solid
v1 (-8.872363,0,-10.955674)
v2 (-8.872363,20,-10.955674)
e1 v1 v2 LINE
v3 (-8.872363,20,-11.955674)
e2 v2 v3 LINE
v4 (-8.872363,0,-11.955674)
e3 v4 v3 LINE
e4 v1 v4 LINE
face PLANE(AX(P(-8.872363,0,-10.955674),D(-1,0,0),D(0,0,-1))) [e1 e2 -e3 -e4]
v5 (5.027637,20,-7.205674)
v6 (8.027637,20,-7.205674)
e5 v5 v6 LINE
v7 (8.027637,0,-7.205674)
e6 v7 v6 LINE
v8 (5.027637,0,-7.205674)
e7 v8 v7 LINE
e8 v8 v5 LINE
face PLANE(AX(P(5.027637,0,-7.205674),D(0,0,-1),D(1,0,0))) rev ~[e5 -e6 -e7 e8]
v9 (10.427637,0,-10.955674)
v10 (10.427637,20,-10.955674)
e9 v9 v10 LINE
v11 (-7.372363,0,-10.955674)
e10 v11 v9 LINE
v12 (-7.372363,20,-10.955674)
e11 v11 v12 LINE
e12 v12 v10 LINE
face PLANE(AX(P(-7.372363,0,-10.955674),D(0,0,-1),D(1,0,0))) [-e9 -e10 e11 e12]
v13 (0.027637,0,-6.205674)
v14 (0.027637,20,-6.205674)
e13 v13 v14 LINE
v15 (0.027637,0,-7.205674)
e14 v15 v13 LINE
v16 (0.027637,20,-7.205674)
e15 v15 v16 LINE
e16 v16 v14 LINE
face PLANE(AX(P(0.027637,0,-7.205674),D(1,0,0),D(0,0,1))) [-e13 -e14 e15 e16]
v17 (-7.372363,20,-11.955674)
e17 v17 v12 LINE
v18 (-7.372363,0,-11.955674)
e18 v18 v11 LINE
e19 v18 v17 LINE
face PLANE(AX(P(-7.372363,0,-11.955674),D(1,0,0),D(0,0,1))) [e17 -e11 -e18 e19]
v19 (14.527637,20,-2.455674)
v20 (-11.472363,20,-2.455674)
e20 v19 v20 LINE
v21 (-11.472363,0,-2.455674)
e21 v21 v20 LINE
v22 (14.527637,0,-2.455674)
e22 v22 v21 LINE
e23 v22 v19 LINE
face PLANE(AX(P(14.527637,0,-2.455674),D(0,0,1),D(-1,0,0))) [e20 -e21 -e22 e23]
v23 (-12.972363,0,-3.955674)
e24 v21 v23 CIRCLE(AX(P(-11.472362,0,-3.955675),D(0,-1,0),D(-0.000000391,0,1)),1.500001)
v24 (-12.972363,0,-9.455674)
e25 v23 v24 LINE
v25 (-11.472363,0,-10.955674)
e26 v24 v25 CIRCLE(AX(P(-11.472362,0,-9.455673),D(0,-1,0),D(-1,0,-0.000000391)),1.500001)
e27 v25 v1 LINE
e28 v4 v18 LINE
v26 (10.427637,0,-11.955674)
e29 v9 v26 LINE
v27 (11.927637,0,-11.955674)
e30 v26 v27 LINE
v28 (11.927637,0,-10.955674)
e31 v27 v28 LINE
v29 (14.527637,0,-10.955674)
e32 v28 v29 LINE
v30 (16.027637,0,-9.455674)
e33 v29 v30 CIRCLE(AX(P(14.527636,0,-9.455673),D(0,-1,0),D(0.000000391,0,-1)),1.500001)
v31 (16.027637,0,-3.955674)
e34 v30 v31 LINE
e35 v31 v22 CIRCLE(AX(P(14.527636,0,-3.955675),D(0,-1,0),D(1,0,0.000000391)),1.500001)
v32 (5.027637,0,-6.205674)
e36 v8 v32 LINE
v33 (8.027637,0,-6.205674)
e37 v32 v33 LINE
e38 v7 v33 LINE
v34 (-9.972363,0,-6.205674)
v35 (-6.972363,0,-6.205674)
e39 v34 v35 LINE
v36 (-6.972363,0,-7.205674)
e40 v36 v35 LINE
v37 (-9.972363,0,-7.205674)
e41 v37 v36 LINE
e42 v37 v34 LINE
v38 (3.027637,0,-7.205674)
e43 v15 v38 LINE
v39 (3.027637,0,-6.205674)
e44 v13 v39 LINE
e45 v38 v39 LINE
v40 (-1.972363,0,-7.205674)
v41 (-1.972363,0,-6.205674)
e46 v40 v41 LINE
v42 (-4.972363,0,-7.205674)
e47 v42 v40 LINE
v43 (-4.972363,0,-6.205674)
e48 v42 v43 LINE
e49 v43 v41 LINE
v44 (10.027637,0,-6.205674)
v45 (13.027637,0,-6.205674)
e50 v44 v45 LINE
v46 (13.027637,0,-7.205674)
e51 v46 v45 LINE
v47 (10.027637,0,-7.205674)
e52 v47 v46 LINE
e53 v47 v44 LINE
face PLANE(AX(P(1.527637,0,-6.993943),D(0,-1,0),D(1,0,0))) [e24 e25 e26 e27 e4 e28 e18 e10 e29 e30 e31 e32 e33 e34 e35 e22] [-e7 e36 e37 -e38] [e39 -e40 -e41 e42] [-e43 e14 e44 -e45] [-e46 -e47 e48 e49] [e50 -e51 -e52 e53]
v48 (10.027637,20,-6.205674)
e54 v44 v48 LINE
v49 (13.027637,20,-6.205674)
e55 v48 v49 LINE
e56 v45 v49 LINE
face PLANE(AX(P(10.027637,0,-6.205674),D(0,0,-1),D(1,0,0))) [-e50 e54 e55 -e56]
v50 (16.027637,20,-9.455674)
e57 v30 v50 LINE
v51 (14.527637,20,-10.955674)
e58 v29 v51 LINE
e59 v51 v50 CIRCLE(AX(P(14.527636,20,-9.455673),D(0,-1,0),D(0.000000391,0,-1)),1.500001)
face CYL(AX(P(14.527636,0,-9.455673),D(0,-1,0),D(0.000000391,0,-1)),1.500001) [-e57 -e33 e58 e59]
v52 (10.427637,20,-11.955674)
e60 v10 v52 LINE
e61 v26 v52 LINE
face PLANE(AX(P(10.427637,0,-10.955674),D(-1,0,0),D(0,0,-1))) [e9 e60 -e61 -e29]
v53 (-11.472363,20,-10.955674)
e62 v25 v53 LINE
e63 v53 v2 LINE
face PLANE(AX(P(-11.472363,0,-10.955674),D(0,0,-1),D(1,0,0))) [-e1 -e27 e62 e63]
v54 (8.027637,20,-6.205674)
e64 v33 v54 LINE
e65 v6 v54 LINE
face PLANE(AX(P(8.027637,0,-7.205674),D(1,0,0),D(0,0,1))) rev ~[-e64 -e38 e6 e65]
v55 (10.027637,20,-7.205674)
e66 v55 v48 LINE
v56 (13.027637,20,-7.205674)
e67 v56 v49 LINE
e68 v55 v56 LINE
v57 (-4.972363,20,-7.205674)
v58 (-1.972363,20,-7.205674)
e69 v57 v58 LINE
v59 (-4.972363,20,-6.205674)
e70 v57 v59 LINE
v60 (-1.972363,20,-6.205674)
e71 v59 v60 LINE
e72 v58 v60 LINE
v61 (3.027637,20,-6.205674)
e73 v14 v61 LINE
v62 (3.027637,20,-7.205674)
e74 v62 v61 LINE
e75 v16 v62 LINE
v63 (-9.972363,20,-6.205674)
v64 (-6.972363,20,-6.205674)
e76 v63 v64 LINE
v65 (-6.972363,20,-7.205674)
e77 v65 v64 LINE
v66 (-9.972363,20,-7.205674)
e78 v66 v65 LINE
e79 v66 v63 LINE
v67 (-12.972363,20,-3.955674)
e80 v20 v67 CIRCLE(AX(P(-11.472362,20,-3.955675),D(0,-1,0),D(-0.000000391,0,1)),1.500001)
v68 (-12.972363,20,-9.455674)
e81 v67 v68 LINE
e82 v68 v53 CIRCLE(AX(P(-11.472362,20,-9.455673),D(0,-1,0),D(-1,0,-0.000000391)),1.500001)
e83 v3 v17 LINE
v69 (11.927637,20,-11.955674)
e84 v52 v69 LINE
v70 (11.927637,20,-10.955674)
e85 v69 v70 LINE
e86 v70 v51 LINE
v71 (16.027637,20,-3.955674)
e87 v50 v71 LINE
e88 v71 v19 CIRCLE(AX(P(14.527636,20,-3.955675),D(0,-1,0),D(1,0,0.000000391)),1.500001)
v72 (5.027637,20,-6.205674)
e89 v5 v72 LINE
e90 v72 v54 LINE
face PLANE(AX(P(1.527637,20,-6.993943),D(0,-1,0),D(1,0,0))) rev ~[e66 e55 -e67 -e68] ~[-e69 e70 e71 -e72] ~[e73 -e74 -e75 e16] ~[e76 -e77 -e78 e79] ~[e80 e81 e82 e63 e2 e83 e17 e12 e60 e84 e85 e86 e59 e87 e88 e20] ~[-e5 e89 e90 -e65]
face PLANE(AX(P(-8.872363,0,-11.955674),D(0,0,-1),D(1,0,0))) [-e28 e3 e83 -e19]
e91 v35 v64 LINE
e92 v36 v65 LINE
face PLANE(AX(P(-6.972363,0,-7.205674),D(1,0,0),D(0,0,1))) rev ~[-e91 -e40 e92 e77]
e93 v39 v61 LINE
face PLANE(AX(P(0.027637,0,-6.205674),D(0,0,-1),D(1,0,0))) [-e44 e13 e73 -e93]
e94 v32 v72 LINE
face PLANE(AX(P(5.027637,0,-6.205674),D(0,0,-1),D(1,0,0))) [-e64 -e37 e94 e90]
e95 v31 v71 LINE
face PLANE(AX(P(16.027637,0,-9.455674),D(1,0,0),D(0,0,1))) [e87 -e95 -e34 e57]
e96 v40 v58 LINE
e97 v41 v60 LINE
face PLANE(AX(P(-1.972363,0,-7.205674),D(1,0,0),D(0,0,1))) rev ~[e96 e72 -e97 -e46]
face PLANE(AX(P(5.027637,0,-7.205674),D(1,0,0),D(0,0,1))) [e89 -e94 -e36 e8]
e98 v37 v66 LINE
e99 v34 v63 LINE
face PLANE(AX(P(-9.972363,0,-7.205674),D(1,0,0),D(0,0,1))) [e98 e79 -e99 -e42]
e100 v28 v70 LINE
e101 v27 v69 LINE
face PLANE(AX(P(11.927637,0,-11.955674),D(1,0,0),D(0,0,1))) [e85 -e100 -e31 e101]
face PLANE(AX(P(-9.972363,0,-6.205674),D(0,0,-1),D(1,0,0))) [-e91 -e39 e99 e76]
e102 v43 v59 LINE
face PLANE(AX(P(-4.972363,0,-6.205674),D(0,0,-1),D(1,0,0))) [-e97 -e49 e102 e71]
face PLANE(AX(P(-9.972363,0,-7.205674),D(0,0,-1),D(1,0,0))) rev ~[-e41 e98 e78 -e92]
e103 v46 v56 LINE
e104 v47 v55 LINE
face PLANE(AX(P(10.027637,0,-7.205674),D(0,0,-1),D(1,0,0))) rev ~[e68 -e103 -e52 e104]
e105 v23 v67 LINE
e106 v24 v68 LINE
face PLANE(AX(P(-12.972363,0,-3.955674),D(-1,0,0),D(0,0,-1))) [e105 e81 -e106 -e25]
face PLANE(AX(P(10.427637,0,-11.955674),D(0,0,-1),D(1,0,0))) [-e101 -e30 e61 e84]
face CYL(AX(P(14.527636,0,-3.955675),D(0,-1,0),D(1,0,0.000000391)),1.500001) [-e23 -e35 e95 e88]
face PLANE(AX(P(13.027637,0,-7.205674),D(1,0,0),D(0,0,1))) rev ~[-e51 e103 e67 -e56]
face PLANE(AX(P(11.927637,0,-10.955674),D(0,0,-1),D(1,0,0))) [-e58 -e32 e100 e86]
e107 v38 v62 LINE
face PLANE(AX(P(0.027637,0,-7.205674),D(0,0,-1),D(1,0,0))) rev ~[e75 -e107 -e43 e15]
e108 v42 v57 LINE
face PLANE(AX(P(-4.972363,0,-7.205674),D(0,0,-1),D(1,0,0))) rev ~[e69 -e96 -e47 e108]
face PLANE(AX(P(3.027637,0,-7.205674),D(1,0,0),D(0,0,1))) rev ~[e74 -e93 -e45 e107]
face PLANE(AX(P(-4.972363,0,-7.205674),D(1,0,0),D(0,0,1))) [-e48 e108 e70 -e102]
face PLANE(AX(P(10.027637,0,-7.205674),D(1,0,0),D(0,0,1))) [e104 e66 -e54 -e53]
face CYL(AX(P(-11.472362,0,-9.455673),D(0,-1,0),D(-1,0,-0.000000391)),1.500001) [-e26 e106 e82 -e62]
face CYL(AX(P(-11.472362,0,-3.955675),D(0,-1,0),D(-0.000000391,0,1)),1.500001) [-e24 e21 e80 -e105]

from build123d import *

# Parameters (mm, degrees)
F0_W     = 3
F0_H     = 1
F1_DEPTH = 20


with BuildPart() as f1:
    # F0 (on Front) → F1 (new body)
    with BuildSketch(Plane.XZ):
        with BuildLine():
            Line((14.527637, -2.455674), (-11.472363, -2.455674))
            ThreePointArc((-11.472363, -2.455674), (-12.533023, -2.895014), (-12.972363, -3.955674))
            Line((-12.972363, -3.955674), (-12.972363, -9.455674))
            ThreePointArc((-12.972363, -9.455674), (-12.533023, -10.516334), (-11.472363, -10.955674))
            Line((-11.472363, -10.955674), (-8.872363, -10.955674))
            Line((-8.872363, -10.955674), (-8.872363, -11.955674))
            Line((-8.872363, -11.955674), (-7.372363, -11.955674))
            Line((-7.372363, -11.955674), (-7.372363, -10.955674))
            Line((-7.372363, -10.955674), (10.427637, -10.955674))
            Line((10.427637, -10.955674), (10.427637, -11.955674))
            Line((10.427637, -11.955674), (11.927637, -11.955674))
            Line((11.927637, -11.955674), (11.927637, -10.955674))
            Line((11.927637, -10.955674), (14.527637, -10.955674))
            ThreePointArc((14.527637, -10.955674), (15.588297, -10.516334), (16.027637, -9.455674))
            Line((16.027637, -9.455674), (16.027637, -3.955674))
            ThreePointArc((16.027637, -3.955674), (15.588297, -2.895014), (14.527637, -2.455674))
        make_face()
        with Locations((-8.472363, -6.705674)):
            Rectangle(F0_W, F0_H, mode=Mode.SUBTRACT)
        with Locations((-3.472363, -6.705674)):
            Rectangle(F0_W, F0_H, mode=Mode.SUBTRACT)
        with Locations((1.527637, -6.705674)):
            Rectangle(F0_W, F0_H, mode=Mode.SUBTRACT)
        with Locations((6.527637, -6.705674)):
            Rectangle(F0_W, F0_H, mode=Mode.SUBTRACT)
        with Locations((11.527637, -6.705674)):
            Rectangle(F0_W, F0_H, mode=Mode.SUBTRACT)
    extrude(amount=-F1_DEPTH)


solid = f1.part
